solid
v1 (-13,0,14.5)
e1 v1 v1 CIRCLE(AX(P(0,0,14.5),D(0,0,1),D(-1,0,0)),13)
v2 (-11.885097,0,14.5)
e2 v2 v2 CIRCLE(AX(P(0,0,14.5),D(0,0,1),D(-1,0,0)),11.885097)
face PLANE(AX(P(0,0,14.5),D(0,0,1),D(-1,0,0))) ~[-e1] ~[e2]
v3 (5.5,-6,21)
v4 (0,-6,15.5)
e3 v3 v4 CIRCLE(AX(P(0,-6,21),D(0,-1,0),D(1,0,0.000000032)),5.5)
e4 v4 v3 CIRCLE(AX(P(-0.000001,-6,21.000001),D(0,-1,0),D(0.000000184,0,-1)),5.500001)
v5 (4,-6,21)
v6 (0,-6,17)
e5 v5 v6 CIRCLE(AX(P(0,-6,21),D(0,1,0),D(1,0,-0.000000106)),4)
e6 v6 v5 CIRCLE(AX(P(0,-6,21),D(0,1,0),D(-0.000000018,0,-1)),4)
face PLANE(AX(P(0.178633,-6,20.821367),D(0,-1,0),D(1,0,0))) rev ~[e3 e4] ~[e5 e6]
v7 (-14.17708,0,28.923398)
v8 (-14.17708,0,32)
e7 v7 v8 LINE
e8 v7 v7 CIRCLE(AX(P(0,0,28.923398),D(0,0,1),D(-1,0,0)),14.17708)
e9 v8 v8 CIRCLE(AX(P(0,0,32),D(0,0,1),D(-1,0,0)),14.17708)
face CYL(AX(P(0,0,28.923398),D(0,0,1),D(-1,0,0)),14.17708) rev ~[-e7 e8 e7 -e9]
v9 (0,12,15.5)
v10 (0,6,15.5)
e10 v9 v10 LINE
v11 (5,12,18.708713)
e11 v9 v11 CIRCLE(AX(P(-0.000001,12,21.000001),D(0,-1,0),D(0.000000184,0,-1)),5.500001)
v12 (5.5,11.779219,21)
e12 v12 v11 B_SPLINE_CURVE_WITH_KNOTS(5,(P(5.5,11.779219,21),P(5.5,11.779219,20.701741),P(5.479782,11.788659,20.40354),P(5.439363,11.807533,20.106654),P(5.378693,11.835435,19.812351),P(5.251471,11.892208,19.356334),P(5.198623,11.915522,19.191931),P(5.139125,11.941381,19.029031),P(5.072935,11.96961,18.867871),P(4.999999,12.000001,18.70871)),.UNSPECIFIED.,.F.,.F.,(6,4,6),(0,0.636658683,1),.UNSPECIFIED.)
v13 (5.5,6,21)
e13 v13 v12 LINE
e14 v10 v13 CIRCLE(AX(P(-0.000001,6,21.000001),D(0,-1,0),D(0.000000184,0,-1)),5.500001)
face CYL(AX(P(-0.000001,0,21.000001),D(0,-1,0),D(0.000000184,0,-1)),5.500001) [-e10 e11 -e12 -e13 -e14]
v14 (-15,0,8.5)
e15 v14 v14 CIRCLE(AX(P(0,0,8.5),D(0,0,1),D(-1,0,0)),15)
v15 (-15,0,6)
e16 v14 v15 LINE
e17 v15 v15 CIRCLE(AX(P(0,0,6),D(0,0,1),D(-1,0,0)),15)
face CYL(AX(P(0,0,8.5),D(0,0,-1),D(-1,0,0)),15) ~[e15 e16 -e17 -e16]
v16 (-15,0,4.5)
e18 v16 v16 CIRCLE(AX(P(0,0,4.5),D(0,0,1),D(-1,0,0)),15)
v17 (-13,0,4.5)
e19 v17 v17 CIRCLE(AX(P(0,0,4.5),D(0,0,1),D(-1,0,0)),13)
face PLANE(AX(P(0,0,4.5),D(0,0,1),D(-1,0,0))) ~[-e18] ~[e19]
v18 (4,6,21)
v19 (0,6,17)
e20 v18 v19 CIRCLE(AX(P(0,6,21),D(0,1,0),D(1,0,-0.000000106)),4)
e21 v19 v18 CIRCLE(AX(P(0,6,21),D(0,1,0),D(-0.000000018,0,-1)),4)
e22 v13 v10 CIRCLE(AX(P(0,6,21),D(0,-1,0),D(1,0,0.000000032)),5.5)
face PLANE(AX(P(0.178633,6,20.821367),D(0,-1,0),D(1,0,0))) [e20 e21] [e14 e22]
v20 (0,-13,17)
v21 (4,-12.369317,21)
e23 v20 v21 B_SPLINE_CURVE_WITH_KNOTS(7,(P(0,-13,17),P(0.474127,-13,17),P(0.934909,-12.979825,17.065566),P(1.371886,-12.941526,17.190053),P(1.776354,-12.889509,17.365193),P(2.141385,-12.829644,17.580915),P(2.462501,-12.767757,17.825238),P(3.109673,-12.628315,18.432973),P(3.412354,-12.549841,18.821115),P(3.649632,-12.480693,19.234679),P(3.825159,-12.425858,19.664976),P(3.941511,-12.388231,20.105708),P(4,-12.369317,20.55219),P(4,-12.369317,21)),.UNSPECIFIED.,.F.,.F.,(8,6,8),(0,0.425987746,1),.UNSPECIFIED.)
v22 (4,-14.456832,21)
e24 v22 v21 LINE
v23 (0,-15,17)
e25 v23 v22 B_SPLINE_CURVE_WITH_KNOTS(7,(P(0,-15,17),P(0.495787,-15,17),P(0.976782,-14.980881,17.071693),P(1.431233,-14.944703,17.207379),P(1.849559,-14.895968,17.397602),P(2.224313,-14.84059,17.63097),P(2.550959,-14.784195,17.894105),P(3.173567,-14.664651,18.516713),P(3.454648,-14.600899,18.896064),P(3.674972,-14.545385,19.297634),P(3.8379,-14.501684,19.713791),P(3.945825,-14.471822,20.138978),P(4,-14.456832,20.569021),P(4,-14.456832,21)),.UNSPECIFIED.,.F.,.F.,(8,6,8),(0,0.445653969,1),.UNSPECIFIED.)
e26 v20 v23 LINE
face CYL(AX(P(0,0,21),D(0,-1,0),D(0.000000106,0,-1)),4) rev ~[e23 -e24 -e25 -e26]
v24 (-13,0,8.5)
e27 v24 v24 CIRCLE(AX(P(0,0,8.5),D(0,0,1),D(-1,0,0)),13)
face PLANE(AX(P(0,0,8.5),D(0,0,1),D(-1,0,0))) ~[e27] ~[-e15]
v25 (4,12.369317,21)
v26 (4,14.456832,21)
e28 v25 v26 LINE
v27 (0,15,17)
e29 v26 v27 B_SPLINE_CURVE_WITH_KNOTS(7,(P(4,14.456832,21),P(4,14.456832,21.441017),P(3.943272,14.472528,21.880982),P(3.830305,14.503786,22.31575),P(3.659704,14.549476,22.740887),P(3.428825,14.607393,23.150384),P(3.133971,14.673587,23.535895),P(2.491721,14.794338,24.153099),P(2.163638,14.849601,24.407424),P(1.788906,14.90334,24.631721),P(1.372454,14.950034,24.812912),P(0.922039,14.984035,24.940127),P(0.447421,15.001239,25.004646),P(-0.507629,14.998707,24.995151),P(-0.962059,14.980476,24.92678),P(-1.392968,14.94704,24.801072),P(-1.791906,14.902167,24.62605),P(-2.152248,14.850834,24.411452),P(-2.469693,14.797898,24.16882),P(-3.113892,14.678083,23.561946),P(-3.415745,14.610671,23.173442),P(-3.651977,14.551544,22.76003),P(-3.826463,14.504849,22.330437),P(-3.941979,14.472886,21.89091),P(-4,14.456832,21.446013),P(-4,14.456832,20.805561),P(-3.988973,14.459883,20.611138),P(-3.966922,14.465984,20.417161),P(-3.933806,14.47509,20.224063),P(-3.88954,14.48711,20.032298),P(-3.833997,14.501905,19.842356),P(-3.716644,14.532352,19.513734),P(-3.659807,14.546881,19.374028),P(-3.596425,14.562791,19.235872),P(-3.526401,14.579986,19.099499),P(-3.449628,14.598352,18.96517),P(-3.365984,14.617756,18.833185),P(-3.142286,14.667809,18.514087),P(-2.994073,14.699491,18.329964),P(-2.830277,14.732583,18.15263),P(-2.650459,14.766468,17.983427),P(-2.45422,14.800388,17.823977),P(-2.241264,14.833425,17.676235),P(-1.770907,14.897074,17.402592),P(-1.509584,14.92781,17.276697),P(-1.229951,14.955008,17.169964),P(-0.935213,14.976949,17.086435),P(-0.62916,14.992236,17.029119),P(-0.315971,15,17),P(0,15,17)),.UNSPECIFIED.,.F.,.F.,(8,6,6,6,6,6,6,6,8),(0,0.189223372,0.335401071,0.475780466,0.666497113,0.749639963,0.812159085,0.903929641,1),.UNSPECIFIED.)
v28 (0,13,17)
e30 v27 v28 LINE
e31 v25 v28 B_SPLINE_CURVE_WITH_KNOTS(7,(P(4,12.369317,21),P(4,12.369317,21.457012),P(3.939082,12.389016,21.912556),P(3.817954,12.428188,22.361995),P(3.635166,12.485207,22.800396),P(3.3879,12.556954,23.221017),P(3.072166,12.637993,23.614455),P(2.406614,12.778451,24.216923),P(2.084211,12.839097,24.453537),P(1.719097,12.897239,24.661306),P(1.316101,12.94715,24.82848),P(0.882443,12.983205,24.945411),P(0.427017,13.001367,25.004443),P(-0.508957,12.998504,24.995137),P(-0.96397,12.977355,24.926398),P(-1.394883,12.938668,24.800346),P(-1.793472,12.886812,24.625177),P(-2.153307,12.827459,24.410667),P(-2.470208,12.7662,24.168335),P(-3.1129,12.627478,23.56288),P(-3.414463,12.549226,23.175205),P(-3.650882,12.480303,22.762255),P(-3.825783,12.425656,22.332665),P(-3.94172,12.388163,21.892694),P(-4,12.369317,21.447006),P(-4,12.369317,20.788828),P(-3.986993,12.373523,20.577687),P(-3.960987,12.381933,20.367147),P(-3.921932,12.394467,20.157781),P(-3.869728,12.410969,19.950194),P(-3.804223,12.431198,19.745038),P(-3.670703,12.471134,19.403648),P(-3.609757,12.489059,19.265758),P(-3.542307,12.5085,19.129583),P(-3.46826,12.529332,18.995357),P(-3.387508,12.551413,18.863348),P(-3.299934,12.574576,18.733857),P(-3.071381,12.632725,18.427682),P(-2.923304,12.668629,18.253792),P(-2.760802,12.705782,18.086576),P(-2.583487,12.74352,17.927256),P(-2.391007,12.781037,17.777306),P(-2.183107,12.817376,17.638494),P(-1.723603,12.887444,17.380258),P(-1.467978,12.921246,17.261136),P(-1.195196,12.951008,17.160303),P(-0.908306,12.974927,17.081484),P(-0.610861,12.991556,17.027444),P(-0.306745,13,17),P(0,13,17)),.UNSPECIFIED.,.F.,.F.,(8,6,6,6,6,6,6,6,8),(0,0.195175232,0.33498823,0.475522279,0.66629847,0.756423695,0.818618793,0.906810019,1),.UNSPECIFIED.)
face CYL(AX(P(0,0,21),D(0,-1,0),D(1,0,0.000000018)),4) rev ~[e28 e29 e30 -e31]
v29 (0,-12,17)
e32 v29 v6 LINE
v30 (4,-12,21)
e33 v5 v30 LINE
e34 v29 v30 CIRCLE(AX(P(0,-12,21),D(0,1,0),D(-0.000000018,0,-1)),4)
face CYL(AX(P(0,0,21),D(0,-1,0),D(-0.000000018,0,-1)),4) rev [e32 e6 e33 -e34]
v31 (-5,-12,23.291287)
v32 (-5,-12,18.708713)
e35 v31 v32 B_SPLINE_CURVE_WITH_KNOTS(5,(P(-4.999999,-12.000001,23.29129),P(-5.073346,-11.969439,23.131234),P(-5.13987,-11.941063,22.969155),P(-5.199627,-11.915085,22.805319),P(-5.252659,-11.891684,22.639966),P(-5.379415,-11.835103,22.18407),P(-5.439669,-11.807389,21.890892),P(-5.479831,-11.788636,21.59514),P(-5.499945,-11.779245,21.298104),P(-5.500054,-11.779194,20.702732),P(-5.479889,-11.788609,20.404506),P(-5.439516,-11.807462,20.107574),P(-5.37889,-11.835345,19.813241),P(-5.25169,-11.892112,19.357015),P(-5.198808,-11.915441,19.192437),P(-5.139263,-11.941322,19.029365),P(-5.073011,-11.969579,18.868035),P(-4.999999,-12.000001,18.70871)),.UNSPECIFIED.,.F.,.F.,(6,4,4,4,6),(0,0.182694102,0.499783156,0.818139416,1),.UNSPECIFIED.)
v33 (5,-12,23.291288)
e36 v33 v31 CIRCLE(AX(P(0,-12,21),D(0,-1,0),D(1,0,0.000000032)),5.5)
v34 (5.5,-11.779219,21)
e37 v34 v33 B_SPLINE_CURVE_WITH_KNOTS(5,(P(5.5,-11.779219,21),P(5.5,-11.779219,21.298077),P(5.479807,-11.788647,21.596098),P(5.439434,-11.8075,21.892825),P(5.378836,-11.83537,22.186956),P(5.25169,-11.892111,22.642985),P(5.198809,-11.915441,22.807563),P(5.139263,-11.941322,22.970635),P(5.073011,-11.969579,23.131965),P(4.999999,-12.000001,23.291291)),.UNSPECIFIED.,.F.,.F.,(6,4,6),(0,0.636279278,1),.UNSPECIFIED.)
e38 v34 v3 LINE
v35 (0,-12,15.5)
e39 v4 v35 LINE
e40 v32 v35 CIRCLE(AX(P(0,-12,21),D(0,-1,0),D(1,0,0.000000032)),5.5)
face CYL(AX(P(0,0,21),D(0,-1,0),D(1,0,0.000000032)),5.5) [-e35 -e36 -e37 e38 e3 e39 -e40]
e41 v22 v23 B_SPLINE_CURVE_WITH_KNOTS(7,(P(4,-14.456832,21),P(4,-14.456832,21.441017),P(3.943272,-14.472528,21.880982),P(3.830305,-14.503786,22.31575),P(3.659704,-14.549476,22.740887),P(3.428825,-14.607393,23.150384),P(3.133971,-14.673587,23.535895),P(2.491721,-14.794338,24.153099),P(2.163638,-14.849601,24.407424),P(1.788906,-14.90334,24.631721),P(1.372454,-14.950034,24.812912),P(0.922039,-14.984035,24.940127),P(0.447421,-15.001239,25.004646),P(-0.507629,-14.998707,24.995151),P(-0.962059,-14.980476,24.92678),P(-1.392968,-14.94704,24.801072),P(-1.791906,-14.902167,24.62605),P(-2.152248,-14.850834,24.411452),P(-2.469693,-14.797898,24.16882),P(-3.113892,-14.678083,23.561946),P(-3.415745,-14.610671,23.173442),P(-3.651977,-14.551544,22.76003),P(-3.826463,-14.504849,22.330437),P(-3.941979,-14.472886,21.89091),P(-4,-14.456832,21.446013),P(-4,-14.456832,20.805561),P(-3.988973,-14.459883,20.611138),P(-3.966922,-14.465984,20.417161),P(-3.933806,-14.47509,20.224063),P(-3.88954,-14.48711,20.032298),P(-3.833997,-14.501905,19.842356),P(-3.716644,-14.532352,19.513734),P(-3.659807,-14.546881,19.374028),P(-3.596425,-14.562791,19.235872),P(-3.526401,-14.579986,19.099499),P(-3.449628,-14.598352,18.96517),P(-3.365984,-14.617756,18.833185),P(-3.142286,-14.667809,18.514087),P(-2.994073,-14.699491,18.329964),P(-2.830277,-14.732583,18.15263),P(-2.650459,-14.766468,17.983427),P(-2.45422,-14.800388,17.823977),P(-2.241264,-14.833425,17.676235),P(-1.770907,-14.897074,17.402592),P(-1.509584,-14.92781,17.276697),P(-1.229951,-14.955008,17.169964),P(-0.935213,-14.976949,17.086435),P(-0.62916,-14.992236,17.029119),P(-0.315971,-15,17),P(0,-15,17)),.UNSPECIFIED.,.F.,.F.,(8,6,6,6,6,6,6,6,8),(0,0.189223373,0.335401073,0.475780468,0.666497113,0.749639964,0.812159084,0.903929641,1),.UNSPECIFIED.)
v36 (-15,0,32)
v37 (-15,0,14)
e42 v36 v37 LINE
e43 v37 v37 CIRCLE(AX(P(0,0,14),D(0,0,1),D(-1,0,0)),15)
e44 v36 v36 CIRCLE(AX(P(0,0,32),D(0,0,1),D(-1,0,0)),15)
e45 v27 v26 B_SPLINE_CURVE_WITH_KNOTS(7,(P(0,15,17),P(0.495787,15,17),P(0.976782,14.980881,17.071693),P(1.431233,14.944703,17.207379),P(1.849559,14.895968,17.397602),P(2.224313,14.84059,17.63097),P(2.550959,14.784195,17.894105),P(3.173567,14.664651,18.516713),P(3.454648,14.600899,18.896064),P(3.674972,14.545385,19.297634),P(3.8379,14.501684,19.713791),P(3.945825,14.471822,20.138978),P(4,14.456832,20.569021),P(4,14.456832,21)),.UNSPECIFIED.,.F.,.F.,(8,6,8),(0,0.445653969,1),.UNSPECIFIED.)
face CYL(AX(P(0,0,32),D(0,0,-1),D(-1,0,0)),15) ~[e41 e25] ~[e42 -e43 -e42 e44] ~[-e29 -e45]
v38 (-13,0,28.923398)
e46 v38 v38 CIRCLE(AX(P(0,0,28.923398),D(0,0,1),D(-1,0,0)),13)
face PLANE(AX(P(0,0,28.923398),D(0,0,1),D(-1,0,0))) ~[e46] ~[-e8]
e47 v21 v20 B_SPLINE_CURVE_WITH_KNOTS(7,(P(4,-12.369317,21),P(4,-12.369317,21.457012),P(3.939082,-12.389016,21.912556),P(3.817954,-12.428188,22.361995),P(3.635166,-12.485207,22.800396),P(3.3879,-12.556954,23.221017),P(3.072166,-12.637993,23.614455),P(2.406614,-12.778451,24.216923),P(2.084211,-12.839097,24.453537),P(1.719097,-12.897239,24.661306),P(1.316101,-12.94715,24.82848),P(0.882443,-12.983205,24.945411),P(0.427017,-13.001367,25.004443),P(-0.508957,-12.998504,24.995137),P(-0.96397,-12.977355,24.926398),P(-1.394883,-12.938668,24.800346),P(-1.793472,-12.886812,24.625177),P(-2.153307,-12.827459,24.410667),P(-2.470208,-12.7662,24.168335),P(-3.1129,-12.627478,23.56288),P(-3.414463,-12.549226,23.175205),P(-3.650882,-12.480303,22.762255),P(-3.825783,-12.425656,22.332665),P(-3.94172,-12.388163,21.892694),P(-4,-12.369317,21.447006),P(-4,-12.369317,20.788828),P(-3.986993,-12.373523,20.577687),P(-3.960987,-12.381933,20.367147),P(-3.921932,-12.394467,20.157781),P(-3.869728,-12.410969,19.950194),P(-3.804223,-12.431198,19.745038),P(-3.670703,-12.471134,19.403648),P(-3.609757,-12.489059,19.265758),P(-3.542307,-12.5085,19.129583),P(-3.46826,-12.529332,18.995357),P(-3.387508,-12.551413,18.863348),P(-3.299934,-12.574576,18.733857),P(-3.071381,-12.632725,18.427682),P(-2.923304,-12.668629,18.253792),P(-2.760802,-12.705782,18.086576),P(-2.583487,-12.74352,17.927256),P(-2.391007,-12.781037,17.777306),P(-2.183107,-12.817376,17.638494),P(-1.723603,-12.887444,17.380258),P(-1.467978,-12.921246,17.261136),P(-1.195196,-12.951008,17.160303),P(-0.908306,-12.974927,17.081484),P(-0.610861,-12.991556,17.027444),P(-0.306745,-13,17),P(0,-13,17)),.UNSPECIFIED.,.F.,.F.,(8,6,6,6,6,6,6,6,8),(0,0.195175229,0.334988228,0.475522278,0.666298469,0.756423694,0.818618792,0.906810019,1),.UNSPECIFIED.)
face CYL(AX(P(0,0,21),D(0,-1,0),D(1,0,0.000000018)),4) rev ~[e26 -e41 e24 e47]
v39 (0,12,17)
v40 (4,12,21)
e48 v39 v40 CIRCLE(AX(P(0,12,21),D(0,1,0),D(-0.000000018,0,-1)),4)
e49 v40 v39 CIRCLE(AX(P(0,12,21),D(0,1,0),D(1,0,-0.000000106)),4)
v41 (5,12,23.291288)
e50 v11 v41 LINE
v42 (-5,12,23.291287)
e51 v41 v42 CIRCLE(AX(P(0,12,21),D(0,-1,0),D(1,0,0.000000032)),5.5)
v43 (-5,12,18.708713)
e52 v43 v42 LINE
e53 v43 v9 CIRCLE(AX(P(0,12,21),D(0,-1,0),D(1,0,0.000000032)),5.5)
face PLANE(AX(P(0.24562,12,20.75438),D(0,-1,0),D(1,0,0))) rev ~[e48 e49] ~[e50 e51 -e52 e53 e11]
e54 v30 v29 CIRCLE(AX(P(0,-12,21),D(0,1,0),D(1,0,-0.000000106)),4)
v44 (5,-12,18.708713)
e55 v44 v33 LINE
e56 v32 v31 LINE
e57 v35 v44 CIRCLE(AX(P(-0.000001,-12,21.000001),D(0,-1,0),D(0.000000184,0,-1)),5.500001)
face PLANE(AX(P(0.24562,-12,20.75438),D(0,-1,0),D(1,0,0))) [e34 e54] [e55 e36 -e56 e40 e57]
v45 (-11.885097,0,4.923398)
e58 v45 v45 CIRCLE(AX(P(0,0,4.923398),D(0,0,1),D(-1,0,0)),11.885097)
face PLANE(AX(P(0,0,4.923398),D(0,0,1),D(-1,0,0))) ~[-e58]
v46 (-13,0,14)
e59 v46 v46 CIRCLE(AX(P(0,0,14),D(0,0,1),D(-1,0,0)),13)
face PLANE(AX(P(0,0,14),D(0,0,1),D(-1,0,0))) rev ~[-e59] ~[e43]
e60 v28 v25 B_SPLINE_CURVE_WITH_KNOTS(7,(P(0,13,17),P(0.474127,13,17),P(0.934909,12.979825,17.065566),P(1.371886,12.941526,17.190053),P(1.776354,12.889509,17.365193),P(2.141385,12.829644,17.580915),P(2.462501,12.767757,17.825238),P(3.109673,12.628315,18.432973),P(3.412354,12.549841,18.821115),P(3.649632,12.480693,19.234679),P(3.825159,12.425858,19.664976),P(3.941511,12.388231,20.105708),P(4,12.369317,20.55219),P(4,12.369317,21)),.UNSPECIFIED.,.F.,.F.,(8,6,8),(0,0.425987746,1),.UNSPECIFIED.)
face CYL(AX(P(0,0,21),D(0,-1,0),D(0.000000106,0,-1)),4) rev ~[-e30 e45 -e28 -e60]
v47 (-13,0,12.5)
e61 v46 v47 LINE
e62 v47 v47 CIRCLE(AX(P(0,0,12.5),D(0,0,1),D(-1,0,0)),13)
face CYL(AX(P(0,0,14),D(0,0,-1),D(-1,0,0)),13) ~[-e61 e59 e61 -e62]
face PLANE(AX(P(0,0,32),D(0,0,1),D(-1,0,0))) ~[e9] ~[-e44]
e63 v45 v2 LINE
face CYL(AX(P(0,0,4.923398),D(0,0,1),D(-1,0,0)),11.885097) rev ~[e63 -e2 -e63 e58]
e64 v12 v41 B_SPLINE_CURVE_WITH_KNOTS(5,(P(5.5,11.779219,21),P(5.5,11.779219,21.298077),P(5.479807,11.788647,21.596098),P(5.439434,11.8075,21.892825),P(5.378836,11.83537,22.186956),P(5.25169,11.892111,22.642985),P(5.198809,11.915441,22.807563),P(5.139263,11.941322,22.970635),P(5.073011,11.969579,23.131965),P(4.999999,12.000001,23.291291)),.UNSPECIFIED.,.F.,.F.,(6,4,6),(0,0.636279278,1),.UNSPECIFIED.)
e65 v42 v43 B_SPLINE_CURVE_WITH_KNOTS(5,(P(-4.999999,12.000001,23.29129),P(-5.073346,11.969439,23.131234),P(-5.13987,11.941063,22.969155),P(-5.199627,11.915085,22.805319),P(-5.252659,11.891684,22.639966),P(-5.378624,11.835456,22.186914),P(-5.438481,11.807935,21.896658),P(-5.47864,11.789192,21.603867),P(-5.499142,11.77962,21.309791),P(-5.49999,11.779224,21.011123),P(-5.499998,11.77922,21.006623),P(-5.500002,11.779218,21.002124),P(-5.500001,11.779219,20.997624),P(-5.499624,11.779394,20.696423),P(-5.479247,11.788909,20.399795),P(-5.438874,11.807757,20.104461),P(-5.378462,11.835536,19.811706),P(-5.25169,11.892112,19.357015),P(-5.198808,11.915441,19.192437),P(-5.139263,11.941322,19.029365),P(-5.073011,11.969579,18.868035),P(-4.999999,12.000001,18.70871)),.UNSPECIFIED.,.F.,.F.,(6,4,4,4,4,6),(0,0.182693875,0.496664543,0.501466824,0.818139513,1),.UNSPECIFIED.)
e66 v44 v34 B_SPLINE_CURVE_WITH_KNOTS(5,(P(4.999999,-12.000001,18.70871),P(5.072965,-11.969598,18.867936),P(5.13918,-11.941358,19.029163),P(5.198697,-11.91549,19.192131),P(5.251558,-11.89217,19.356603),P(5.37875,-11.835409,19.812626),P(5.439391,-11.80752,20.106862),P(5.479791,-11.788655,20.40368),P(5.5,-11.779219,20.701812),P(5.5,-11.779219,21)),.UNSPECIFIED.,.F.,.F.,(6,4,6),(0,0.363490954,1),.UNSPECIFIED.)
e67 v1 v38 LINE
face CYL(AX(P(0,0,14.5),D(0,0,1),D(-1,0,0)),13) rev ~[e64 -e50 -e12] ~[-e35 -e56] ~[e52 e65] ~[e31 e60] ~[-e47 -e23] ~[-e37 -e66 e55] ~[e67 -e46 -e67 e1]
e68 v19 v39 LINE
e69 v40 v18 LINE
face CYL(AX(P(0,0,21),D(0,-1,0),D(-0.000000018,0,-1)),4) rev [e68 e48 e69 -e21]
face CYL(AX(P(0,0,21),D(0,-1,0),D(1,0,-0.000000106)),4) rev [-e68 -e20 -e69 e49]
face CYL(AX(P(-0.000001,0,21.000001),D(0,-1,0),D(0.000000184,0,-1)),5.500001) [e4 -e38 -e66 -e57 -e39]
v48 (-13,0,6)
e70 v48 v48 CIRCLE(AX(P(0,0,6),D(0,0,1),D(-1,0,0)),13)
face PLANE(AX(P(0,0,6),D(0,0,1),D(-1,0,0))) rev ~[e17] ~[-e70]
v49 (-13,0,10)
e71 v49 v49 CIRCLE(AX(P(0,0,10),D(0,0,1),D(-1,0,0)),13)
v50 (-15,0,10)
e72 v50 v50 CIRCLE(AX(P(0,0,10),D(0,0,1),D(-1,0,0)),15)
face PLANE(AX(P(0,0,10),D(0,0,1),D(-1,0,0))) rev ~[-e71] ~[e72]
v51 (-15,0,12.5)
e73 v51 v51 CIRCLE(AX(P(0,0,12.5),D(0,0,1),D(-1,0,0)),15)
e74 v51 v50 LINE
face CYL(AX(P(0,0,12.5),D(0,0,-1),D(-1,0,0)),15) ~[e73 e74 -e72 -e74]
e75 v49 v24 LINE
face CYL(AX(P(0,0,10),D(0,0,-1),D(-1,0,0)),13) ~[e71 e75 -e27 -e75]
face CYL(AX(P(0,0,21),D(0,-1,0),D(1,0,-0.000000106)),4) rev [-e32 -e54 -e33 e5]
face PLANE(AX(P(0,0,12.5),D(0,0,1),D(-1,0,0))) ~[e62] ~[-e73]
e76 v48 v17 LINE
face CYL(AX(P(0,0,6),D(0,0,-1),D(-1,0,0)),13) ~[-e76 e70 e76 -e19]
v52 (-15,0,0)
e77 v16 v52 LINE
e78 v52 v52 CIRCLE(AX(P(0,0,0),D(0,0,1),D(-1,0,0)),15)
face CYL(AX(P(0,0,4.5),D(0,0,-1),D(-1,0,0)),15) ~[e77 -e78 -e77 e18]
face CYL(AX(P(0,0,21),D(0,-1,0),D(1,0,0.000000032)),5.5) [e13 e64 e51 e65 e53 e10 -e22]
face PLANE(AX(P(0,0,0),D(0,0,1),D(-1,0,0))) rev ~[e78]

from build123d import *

# Parameters (mm, degrees)
F3_DEPTH = 20
F4_DEPTH = 12
F5_DEPTH = 6


with BuildPart() as f1:
    # F0 (on Front) → F1 (revolve)
    with BuildSketch(Plane.XZ):
        Polygon((-15, 0), (0, 0), (0, 4.923398), (-11.885097, 4.923398), (-11.885097, 14.5), (-13, 14.5), (-13, 28.923398), (-14.17708, 28.923398), (-14.17708, 32), (-15, 32), (-15, 14), (-13, 14), (-13, 12.5), (-15, 12.5), (-15, 10), (-13, 10), (-13, 8.5), (-15, 8.5), (-15, 6), (-13, 6), (-13, 4.5), (-15, 4.5), align=None)
    revolve(axis=Axis((0, 0, 2.461699), (0, 0, 1)))

    # F2 (on Front) → F3 (cut, symmetric)
    with BuildSketch(Plane.XZ):
        with BuildLine():
            ThreePointArc((4, 21), (-2.828427, 23.828427), (0, 17))
            ThreePointArc((0, 17), (2.828427, 18.171573), (4, 21))
        make_face()
    extrude(amount=F3_DEPTH, both=True, mode=Mode.SUBTRACT)

    # F2 (on Front) → F4 (join, symmetric)
    with BuildSketch(Plane.XZ):
        with BuildLine():
            ThreePointArc((5.5, 21), (-3.889087, 24.889087), (0, 15.5))
            ThreePointArc((0, 15.5), (3.889087, 17.110913), (5.5, 21))
        make_face()
        with BuildLine():
            ThreePointArc((4, 21), (2.828427, 18.171573), (0, 17))
            ThreePointArc((0, 17), (-2.828427, 23.828427), (4, 21))
        make_face(mode=Mode.SUBTRACT)
    extrude(amount=F4_DEPTH, both=True)

    # F2 (on Front) → F5 (cut, symmetric)
    with BuildSketch(Plane.XZ):
        with BuildLine():
            ThreePointArc((4, 21), (-2.828427, 23.828427), (0, 17))
            ThreePointArc((0, 17), (2.828427, 18.171573), (4, 21))
        make_face()
        with BuildLine():
            ThreePointArc((5.5, 21), (-3.889087, 24.889087), (0, 15.5))
            ThreePointArc((0, 15.5), (3.889087, 17.110913), (5.5, 21))
        make_face()
        with BuildLine():
            ThreePointArc((4, 21), (2.828427, 18.171573), (0, 17))
            ThreePointArc((0, 17), (-2.828427, 23.828427), (4, 21))
        make_face(mode=Mode.SUBTRACT)
    extrude(amount=F5_DEPTH, both=True, mode=Mode.SUBTRACT)


solid = f1.part
